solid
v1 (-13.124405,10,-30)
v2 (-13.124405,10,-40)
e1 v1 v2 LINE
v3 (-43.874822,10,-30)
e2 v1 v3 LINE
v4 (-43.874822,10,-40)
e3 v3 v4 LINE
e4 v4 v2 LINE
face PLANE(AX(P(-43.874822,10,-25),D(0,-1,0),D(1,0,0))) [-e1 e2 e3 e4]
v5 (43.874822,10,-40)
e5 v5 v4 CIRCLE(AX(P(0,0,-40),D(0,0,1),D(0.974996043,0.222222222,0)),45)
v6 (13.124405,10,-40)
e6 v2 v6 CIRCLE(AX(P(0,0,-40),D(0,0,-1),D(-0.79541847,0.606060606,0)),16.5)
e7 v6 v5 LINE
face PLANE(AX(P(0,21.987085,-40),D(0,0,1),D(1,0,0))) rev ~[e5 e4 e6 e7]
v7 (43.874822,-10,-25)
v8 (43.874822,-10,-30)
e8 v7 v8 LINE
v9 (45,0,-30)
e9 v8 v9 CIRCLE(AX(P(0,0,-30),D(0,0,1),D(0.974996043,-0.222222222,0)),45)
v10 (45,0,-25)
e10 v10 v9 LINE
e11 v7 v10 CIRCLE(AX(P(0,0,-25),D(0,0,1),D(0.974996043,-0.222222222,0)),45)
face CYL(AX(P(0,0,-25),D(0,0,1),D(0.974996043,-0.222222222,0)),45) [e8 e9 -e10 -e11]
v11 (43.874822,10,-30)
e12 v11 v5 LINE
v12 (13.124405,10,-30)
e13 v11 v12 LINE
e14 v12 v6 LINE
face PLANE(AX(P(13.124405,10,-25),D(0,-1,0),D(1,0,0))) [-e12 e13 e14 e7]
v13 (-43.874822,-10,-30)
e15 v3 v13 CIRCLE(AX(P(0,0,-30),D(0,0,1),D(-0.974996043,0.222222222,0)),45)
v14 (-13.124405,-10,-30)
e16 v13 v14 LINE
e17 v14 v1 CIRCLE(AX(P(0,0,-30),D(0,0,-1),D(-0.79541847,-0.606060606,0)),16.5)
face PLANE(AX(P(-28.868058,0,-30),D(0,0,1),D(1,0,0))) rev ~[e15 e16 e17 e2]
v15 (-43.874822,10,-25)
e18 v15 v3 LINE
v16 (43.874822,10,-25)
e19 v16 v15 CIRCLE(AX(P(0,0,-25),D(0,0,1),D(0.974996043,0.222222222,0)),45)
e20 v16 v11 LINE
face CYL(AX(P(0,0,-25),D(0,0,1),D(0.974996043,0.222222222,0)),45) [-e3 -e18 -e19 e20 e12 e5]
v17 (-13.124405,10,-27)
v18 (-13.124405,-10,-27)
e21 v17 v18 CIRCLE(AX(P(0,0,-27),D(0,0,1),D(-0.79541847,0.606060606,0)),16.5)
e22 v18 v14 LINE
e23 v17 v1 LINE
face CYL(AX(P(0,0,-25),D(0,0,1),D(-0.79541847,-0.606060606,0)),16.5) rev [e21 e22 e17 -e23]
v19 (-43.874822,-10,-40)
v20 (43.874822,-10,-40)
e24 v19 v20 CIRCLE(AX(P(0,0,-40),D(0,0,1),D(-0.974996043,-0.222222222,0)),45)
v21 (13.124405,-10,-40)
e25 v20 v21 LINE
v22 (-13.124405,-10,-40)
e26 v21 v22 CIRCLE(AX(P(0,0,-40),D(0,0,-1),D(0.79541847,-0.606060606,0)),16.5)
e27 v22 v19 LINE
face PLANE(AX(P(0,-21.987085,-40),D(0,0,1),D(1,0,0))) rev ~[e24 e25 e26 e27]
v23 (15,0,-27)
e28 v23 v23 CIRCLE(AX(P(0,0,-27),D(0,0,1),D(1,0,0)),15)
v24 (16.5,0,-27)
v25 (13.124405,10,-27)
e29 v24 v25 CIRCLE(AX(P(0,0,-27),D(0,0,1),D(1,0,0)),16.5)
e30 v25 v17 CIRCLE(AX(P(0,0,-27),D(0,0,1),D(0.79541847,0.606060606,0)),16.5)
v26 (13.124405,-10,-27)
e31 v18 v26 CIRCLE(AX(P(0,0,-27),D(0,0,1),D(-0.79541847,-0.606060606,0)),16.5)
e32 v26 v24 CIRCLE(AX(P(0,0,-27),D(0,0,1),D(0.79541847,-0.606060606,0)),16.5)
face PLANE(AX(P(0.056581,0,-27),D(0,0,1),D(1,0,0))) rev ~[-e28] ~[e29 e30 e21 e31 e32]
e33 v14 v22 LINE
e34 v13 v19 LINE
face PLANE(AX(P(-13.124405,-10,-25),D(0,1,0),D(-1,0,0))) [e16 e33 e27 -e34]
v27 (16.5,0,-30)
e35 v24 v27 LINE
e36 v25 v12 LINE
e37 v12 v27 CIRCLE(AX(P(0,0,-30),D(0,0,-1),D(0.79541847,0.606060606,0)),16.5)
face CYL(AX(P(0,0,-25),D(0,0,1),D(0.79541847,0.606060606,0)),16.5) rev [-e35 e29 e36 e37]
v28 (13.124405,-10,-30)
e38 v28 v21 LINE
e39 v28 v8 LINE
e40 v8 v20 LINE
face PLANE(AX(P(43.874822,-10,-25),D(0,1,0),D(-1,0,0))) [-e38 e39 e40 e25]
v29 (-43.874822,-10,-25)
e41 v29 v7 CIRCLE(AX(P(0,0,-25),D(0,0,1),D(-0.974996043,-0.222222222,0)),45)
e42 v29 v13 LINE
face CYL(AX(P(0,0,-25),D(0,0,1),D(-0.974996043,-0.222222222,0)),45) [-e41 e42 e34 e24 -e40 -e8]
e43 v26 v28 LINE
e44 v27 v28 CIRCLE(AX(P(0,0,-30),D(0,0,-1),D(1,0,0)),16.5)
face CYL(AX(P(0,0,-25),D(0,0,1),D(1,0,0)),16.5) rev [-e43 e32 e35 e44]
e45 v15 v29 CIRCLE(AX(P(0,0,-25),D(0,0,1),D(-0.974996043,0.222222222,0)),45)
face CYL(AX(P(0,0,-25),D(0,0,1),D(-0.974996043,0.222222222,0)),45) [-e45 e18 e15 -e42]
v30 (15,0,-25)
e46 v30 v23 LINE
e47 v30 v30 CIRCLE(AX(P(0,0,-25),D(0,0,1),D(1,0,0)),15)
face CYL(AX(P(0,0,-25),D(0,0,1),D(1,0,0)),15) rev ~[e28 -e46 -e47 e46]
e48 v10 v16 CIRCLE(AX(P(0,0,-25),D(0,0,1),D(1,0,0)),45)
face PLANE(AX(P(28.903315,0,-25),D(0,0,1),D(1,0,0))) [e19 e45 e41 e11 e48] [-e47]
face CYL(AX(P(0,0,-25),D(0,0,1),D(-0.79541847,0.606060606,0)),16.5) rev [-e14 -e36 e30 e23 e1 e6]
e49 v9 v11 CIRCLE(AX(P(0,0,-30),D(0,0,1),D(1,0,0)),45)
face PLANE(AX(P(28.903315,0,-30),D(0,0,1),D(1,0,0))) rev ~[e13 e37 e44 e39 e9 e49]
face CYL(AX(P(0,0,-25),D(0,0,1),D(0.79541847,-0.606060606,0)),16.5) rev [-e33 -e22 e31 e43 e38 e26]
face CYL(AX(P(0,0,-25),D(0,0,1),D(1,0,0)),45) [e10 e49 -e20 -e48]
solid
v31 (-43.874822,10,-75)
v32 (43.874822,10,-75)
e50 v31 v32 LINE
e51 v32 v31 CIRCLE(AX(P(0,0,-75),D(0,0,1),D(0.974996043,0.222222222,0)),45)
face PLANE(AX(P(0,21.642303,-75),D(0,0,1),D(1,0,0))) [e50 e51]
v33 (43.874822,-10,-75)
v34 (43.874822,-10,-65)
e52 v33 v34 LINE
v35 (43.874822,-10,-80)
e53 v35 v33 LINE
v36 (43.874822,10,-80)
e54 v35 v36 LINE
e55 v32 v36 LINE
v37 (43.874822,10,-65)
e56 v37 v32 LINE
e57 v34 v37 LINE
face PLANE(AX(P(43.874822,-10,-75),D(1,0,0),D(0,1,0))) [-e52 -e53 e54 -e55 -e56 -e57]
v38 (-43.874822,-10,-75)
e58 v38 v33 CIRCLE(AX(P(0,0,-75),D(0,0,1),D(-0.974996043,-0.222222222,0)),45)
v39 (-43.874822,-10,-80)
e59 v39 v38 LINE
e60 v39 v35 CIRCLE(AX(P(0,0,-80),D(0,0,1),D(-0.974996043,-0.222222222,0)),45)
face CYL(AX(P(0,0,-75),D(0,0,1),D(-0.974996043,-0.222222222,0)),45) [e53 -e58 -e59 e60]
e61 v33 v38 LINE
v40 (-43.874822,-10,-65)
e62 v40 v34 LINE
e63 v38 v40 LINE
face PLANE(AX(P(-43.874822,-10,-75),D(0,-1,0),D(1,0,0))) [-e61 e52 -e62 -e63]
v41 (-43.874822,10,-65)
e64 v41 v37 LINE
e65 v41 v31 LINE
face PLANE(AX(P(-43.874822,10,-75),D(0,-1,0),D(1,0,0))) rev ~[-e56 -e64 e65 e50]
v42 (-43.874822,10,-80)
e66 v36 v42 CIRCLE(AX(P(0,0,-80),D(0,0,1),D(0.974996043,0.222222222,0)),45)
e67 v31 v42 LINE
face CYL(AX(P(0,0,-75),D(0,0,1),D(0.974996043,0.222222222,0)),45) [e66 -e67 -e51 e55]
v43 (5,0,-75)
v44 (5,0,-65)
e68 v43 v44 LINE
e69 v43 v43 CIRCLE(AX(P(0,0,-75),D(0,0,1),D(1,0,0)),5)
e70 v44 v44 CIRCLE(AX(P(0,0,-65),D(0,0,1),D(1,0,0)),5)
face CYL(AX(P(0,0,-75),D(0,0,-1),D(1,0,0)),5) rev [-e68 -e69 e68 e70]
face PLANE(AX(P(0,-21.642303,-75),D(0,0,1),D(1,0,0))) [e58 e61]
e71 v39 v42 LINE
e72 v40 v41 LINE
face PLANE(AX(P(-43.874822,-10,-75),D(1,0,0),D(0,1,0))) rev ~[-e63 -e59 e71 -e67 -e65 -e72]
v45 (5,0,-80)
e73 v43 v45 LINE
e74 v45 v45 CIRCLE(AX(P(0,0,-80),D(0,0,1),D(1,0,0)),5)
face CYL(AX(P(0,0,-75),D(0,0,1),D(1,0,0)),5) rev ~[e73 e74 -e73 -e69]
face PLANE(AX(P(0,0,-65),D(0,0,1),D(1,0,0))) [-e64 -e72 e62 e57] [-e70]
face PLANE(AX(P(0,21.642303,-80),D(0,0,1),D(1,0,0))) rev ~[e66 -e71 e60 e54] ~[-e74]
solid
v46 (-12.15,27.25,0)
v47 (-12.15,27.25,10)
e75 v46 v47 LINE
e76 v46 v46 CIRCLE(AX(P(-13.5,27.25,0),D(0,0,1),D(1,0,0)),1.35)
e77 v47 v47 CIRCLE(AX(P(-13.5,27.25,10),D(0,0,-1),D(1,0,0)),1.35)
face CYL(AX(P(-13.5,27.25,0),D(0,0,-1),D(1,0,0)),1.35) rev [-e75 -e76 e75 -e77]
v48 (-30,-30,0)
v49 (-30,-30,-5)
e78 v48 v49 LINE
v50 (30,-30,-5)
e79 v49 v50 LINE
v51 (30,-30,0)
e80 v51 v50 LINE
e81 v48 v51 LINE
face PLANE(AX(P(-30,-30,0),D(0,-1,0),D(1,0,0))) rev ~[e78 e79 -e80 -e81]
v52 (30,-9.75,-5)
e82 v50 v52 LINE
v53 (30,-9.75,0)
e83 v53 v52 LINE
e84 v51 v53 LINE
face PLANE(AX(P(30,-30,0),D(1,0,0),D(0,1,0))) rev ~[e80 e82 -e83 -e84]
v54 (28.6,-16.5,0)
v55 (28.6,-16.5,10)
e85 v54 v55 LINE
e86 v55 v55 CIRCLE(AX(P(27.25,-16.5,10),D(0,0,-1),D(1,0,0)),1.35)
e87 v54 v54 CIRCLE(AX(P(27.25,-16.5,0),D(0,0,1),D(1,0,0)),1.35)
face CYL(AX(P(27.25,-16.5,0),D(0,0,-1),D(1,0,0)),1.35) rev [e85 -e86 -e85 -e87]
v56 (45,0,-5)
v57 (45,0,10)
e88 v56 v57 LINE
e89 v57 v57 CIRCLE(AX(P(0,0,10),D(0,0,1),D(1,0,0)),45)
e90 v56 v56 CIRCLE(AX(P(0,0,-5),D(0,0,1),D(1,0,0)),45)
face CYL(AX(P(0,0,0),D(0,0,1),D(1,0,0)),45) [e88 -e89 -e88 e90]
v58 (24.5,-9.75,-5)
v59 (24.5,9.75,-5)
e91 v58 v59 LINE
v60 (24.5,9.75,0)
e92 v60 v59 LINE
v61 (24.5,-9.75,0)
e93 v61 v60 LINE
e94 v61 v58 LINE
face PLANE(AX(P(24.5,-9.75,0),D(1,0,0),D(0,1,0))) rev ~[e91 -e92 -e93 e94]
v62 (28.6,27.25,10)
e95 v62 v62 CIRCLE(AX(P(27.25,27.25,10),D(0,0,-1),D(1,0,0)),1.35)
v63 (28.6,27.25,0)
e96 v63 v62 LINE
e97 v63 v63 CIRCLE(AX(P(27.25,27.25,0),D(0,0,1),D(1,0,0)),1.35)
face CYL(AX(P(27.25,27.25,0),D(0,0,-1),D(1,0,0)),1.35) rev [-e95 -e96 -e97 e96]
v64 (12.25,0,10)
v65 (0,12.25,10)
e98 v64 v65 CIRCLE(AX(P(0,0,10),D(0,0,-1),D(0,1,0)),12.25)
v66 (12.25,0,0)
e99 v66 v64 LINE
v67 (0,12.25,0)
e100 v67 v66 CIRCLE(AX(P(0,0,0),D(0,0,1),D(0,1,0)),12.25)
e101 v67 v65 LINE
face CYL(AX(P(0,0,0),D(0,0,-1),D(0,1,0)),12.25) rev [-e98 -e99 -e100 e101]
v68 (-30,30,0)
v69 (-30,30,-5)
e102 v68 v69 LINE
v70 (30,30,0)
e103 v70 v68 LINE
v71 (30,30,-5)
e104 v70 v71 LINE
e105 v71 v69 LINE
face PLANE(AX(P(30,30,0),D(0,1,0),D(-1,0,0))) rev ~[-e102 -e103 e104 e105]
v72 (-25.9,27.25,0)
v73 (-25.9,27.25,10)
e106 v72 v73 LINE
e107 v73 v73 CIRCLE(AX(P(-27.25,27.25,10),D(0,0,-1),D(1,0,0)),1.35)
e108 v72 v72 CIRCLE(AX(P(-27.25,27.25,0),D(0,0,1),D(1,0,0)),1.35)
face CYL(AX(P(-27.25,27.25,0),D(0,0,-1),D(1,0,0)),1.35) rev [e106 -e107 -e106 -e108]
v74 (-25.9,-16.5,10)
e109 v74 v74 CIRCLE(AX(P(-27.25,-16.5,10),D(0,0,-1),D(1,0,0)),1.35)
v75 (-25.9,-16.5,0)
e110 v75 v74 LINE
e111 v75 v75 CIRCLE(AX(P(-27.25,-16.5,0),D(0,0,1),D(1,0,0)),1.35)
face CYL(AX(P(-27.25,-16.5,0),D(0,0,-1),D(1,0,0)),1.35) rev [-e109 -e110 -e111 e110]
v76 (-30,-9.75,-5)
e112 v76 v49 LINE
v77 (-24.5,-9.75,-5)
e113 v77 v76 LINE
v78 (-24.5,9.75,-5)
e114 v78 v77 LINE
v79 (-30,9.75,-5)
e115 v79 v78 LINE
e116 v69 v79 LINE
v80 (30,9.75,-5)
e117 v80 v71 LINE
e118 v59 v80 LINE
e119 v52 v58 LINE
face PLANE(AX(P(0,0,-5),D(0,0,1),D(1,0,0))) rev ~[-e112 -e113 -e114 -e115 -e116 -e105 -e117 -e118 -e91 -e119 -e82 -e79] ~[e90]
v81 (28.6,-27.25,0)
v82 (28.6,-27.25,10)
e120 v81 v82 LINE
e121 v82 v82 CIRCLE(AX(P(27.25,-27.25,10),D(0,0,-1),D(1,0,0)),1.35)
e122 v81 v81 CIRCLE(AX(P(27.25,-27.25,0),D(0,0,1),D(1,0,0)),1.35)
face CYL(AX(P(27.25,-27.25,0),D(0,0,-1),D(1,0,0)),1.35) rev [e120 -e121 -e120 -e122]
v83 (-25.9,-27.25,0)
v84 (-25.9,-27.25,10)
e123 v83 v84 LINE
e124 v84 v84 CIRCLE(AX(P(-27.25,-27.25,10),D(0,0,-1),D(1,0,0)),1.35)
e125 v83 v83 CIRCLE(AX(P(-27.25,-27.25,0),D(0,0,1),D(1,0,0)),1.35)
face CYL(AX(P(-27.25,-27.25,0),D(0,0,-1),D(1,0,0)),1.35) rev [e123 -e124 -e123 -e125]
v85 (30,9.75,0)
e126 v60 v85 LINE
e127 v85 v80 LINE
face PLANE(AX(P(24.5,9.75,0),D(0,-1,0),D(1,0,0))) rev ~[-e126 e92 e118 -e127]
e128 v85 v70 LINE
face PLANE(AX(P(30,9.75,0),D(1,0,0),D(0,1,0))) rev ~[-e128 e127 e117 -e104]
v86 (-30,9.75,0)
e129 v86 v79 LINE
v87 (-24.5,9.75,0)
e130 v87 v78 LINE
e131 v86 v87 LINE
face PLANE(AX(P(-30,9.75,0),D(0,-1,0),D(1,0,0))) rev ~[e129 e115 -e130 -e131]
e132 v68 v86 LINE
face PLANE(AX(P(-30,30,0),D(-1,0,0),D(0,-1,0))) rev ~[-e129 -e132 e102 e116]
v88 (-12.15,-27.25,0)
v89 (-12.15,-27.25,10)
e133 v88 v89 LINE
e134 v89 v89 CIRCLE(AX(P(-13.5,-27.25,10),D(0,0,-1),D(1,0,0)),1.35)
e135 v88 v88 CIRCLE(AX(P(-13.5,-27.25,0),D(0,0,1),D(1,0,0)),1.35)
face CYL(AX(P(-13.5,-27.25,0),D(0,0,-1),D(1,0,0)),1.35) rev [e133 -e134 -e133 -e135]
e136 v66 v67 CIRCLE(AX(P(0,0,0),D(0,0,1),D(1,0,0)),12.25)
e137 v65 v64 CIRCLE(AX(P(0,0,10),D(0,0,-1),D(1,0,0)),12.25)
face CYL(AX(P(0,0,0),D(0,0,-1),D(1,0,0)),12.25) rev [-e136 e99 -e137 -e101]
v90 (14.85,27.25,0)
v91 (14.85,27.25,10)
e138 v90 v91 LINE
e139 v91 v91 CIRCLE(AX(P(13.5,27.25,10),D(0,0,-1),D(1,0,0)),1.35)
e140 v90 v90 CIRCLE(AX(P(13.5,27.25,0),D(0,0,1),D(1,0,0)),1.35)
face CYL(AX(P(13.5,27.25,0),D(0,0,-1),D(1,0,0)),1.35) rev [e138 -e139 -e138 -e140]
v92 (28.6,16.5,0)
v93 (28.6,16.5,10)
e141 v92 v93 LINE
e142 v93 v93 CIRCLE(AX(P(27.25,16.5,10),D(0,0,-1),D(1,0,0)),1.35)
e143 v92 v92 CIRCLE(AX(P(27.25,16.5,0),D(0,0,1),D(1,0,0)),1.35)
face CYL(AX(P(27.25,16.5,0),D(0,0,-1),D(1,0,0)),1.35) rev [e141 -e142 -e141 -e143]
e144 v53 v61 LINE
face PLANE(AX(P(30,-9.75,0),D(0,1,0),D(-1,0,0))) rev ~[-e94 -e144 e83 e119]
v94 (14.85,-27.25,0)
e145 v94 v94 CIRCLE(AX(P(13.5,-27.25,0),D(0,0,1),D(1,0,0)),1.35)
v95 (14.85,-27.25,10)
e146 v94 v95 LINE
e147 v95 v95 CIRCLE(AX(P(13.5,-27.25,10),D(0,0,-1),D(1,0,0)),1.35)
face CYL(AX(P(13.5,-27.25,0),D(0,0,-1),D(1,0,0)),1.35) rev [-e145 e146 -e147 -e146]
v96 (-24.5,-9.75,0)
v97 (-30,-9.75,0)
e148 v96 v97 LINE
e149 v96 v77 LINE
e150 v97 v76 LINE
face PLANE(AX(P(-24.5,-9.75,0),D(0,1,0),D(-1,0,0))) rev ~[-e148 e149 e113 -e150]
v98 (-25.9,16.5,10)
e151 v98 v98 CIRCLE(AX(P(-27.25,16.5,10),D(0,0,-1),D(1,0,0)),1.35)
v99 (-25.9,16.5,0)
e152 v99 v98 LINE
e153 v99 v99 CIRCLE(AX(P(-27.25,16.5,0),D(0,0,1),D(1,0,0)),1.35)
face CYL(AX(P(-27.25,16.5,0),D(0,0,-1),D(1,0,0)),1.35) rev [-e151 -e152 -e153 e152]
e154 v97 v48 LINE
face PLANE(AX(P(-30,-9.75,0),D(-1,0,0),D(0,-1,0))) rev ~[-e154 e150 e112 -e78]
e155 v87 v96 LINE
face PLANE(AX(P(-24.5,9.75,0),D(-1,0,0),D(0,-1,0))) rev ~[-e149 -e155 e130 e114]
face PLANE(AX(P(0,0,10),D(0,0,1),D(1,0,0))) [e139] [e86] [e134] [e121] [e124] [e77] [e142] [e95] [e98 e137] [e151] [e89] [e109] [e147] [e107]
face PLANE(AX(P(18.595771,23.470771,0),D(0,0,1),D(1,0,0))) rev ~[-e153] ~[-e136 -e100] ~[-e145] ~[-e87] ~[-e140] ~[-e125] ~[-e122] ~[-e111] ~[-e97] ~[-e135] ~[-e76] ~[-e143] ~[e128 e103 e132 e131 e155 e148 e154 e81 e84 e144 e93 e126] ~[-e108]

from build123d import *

# Parameters (mm, degrees)
F1_R           = 45
F2_DEPTH       = 10
F2_DEPTH_BACK  = 5
F0_R           = 1.35
F3_DEPTH       = 5
F4_DEPTH       = 5.001
F4_DEPTH_BACK  = 10.001
F6_R           = 15
F7_DEPTH       = 2
F8_DEPTH       = 5
F9_DEPTH       = 15
F11_W          = 87.7496438739
F11_H          = 20
F11_R          = 5
F12_DEPTH      = 10
F12_DEPTH_BACK = 5
F13_DEPTH      = 5


with BuildPart() as f2:
    # F1 (on Top) → F2 (new body, two sides)
    with BuildSketch(Plane.XY) as f2_sk:
        Circle(F1_R)
    extrude(amount=F2_DEPTH)
    extrude(f2_sk.sketch, amount=-F2_DEPTH_BACK)

    # F0 (on Top) → F3 (cut, through all)
    with BuildSketch(Plane.XY):
        Polygon((24.5, 24.5), (24.5, 9.75), (30, 9.75), (30, 30), (0, 30), (0, 24.5), align=None)
        with Locations((13.5, 27.25)):
            Circle(F0_R, mode=Mode.SUBTRACT)
        with Locations((27.25, 16.5)):
            Circle(F0_R, mode=Mode.SUBTRACT)
        with Locations((27.25, 27.25)):
            Circle(F0_R, mode=Mode.SUBTRACT)
        with BuildLine():
            ThreePointArc((0, 12.25), (8.6620580695, 8.6620580695), (12.25, 0))
            Line((12.25, 0), (24.5, 0))
            Line((24.5, 0), (24.5, 9.75))
            Line((24.5, 9.75), (24.5, 24.5))
            Line((24.5, 24.5), (0, 24.5))
            Line((0, 24.5), (0, 12.25))
        make_face()
        with BuildLine():
            Line((24.5, 0), (12.25, 0))
            ThreePointArc((12.25, 0), (-8.6620580695, -8.6620580695), (0, 12.25))
            Line((0, 12.25), (0, 24.5))
            Line((0, 24.5), (-24.5, 24.5))
            Line((-24.5, 24.5), (-24.5, 9.75))
            Line((-24.5, 9.75), (-24.5, 0))
            Line((-24.5, 0), (-24.5, -9.75))
            Line((-24.5, -9.75), (-24.5, -24.5))
            Line((-24.5, -24.5), (0, -24.5))
            Line((0, -24.5), (24.5, -24.5))
            Line((24.5, -24.5), (24.5, -9.75))
            Line((24.5, -9.75), (24.5, 0))
        make_face()
        Polygon((30, -9.75), (24.5, -9.75), (24.5, -24.5), (0, -24.5), (0, -30), (30, -30), align=None)
        with Locations((13.5, -27.25)):
            Circle(F0_R, mode=Mode.SUBTRACT)
        with Locations((27.25, -27.25)):
            Circle(F0_R, mode=Mode.SUBTRACT)
        with Locations((27.25, -16.5)):
            Circle(F0_R, mode=Mode.SUBTRACT)
        Polygon((0, -30), (0, -24.5), (-24.5, -24.5), (-24.5, -9.75), (-30, -9.75), (-30, -30), align=None)
        with Locations((-27.25, -27.25)):
            Circle(F0_R, mode=Mode.SUBTRACT)
        with Locations((-27.25, -16.5)):
            Circle(F0_R, mode=Mode.SUBTRACT)
        with Locations((-13.5, -27.25)):
            Circle(F0_R, mode=Mode.SUBTRACT)
        Polygon((-24.5, 24.5), (0, 24.5), (0, 30), (-30, 30), (-30, 9.75), (-24.5, 9.75), align=None)
        with Locations((-27.25, 16.5)):
            Circle(F0_R, mode=Mode.SUBTRACT)
        with Locations((-27.25, 27.25)):
            Circle(F0_R, mode=Mode.SUBTRACT)
        with Locations((-13.5, 27.25)):
            Circle(F0_R, mode=Mode.SUBTRACT)
    extrude(amount=-F3_DEPTH, mode=Mode.SUBTRACT)

    # F0 (on Top) → F4 (cut, two sides)
    with BuildSketch(Plane.XY) as f4_sk:
        with Locations((27.25, -27.25)):
            Circle(F0_R)
        with Locations((27.25, -16.5)):
            Circle(F0_R)
        with BuildLine():
            ThreePointArc((0, 12.25), (-8.6620580695, -8.6620580695), (12.25, 0))
            ThreePointArc((12.25, 0), (8.6620580695, 8.6620580695), (0, 12.25))
        make_face()
        with Locations((27.25, 16.5)):
            Circle(F0_R)
        with Locations((27.25, 27.25)):
            Circle(F0_R)
        with Locations((13.5, -27.25)):
            Circle(F0_R)
        with Locations((13.5, 27.25)):
            Circle(F0_R)
        with Locations((-27.25, -16.5)):
            Circle(F0_R)
        with Locations((-27.25, -27.25)):
            Circle(F0_R)
        with Locations((-13.5, -27.25)):
            Circle(F0_R)
        with Locations((-27.25, 16.5)):
            Circle(F0_R)
        with Locations((-27.25, 27.25)):
            Circle(F0_R)
        with Locations((-13.5, 27.25)):
            Circle(F0_R)
    extrude(amount=-F4_DEPTH, mode=Mode.SUBTRACT)
    extrude(f4_sk.sketch, amount=F4_DEPTH_BACK, mode=Mode.SUBTRACT)


with BuildPart() as f7:
    # F6 (on offset) → F7 (new body)
    with BuildSketch(Plane.XY.offset(-25)):
        with BuildLine():
            ThreePointArc((13.1244047484, -10), (15.6333406275, -5.2771830389), (16.5, 0))
            ThreePointArc((16.5, 0), (15.6333406275, 5.2771830389), (13.1244047484, 10))
            ThreePointArc((13.1244047484, 10), (0, 16.5), (-13.1244047484, 10))
            ThreePointArc((-13.1244047484, 10), (-16.5, 0), (-13.1244047484, -10))
            ThreePointArc((-13.1244047484, -10), (0, -16.5), (13.1244047484, -10))
        make_face()
        Circle(F6_R, mode=Mode.SUBTRACT)
    extrude(amount=-F7_DEPTH)

    # F6 (on offset) → F8 (join)
    with BuildSketch(Plane.XY.offset(-25)):
        with BuildLine():
            ThreePointArc((13.1244047484, 10), (15.6333406275, 5.2771830389), (16.5, 0))
            ThreePointArc((16.5, 0), (15.6333406275, -5.2771830389), (13.1244047484, -10))
            Line((13.1244047484, -10), (43.874821937, -10))
            ThreePointArc((43.874821937, -10), (44.7178207606, -5.0315510947), (45, 0))
            ThreePointArc((45, 0), (44.7178207606, 5.0315510947), (43.874821937, 10))
            Line((43.874821937, 10), (13.1244047484, 10))
        make_face()
        with BuildLine():
            ThreePointArc((-13.1244047484, -10), (-16.5, 0), (-13.1244047484, 10))
            Line((-13.1244047484, 10), (-43.874821937, 10))
            ThreePointArc((-43.874821937, 10), (-45, 0), (-43.874821937, -10))
            Line((-43.874821937, -10), (-13.1244047484, -10))
        make_face()
    extrude(amount=-F8_DEPTH)

    # F6 (on offset) → F9 (join)
    with BuildSketch(Plane.XY.offset(-25)):
        with BuildLine():
            ThreePointArc((-13.1244047484, 10), (0, 16.5), (13.1244047484, 10))
            Line((13.1244047484, 10), (43.874821937, 10))
            ThreePointArc((43.874821937, 10), (0, 45), (-43.874821937, 10))
            Line((-43.874821937, 10), (-13.1244047484, 10))
        make_face()
        with BuildLine():
            Line((43.874821937, -10), (13.1244047484, -10))
            ThreePointArc((13.1244047484, -10), (0, -16.5), (-13.1244047484, -10))
            Line((-13.1244047484, -10), (-43.874821937, -10))
            ThreePointArc((-43.874821937, -10), (0, -45), (43.874821937, -10))
        make_face()
    extrude(amount=-F9_DEPTH)


with BuildPart() as f12:
    # F11 (on offset) → F12 (new body, two sides)
    with BuildSketch(Plane.XY.offset(-75)) as f12_sk:
        Rectangle(F11_W, F11_H)
        Circle(F11_R, mode=Mode.SUBTRACT)
    extrude(amount=F12_DEPTH)
    extrude(f12_sk.sketch, amount=-F12_DEPTH_BACK)

    # F11 (on offset) → F13 (join)
    with BuildSketch(Plane.XY.offset(-75)):
        with BuildLine():
            Line((-43.874821937, 10), (43.874821937, 10))
            ThreePointArc((43.874821937, 10), (0, 45), (-43.874821937, 10))
        make_face()
        with BuildLine():
            ThreePointArc((-43.874821937, -10), (0, -45), (43.874821937, -10))
            Line((43.874821937, -10), (-43.874821937, -10))
        make_face()
    extrude(amount=-F13_DEPTH)


solid = Compound([f2.part, f7.part, f12.part])
